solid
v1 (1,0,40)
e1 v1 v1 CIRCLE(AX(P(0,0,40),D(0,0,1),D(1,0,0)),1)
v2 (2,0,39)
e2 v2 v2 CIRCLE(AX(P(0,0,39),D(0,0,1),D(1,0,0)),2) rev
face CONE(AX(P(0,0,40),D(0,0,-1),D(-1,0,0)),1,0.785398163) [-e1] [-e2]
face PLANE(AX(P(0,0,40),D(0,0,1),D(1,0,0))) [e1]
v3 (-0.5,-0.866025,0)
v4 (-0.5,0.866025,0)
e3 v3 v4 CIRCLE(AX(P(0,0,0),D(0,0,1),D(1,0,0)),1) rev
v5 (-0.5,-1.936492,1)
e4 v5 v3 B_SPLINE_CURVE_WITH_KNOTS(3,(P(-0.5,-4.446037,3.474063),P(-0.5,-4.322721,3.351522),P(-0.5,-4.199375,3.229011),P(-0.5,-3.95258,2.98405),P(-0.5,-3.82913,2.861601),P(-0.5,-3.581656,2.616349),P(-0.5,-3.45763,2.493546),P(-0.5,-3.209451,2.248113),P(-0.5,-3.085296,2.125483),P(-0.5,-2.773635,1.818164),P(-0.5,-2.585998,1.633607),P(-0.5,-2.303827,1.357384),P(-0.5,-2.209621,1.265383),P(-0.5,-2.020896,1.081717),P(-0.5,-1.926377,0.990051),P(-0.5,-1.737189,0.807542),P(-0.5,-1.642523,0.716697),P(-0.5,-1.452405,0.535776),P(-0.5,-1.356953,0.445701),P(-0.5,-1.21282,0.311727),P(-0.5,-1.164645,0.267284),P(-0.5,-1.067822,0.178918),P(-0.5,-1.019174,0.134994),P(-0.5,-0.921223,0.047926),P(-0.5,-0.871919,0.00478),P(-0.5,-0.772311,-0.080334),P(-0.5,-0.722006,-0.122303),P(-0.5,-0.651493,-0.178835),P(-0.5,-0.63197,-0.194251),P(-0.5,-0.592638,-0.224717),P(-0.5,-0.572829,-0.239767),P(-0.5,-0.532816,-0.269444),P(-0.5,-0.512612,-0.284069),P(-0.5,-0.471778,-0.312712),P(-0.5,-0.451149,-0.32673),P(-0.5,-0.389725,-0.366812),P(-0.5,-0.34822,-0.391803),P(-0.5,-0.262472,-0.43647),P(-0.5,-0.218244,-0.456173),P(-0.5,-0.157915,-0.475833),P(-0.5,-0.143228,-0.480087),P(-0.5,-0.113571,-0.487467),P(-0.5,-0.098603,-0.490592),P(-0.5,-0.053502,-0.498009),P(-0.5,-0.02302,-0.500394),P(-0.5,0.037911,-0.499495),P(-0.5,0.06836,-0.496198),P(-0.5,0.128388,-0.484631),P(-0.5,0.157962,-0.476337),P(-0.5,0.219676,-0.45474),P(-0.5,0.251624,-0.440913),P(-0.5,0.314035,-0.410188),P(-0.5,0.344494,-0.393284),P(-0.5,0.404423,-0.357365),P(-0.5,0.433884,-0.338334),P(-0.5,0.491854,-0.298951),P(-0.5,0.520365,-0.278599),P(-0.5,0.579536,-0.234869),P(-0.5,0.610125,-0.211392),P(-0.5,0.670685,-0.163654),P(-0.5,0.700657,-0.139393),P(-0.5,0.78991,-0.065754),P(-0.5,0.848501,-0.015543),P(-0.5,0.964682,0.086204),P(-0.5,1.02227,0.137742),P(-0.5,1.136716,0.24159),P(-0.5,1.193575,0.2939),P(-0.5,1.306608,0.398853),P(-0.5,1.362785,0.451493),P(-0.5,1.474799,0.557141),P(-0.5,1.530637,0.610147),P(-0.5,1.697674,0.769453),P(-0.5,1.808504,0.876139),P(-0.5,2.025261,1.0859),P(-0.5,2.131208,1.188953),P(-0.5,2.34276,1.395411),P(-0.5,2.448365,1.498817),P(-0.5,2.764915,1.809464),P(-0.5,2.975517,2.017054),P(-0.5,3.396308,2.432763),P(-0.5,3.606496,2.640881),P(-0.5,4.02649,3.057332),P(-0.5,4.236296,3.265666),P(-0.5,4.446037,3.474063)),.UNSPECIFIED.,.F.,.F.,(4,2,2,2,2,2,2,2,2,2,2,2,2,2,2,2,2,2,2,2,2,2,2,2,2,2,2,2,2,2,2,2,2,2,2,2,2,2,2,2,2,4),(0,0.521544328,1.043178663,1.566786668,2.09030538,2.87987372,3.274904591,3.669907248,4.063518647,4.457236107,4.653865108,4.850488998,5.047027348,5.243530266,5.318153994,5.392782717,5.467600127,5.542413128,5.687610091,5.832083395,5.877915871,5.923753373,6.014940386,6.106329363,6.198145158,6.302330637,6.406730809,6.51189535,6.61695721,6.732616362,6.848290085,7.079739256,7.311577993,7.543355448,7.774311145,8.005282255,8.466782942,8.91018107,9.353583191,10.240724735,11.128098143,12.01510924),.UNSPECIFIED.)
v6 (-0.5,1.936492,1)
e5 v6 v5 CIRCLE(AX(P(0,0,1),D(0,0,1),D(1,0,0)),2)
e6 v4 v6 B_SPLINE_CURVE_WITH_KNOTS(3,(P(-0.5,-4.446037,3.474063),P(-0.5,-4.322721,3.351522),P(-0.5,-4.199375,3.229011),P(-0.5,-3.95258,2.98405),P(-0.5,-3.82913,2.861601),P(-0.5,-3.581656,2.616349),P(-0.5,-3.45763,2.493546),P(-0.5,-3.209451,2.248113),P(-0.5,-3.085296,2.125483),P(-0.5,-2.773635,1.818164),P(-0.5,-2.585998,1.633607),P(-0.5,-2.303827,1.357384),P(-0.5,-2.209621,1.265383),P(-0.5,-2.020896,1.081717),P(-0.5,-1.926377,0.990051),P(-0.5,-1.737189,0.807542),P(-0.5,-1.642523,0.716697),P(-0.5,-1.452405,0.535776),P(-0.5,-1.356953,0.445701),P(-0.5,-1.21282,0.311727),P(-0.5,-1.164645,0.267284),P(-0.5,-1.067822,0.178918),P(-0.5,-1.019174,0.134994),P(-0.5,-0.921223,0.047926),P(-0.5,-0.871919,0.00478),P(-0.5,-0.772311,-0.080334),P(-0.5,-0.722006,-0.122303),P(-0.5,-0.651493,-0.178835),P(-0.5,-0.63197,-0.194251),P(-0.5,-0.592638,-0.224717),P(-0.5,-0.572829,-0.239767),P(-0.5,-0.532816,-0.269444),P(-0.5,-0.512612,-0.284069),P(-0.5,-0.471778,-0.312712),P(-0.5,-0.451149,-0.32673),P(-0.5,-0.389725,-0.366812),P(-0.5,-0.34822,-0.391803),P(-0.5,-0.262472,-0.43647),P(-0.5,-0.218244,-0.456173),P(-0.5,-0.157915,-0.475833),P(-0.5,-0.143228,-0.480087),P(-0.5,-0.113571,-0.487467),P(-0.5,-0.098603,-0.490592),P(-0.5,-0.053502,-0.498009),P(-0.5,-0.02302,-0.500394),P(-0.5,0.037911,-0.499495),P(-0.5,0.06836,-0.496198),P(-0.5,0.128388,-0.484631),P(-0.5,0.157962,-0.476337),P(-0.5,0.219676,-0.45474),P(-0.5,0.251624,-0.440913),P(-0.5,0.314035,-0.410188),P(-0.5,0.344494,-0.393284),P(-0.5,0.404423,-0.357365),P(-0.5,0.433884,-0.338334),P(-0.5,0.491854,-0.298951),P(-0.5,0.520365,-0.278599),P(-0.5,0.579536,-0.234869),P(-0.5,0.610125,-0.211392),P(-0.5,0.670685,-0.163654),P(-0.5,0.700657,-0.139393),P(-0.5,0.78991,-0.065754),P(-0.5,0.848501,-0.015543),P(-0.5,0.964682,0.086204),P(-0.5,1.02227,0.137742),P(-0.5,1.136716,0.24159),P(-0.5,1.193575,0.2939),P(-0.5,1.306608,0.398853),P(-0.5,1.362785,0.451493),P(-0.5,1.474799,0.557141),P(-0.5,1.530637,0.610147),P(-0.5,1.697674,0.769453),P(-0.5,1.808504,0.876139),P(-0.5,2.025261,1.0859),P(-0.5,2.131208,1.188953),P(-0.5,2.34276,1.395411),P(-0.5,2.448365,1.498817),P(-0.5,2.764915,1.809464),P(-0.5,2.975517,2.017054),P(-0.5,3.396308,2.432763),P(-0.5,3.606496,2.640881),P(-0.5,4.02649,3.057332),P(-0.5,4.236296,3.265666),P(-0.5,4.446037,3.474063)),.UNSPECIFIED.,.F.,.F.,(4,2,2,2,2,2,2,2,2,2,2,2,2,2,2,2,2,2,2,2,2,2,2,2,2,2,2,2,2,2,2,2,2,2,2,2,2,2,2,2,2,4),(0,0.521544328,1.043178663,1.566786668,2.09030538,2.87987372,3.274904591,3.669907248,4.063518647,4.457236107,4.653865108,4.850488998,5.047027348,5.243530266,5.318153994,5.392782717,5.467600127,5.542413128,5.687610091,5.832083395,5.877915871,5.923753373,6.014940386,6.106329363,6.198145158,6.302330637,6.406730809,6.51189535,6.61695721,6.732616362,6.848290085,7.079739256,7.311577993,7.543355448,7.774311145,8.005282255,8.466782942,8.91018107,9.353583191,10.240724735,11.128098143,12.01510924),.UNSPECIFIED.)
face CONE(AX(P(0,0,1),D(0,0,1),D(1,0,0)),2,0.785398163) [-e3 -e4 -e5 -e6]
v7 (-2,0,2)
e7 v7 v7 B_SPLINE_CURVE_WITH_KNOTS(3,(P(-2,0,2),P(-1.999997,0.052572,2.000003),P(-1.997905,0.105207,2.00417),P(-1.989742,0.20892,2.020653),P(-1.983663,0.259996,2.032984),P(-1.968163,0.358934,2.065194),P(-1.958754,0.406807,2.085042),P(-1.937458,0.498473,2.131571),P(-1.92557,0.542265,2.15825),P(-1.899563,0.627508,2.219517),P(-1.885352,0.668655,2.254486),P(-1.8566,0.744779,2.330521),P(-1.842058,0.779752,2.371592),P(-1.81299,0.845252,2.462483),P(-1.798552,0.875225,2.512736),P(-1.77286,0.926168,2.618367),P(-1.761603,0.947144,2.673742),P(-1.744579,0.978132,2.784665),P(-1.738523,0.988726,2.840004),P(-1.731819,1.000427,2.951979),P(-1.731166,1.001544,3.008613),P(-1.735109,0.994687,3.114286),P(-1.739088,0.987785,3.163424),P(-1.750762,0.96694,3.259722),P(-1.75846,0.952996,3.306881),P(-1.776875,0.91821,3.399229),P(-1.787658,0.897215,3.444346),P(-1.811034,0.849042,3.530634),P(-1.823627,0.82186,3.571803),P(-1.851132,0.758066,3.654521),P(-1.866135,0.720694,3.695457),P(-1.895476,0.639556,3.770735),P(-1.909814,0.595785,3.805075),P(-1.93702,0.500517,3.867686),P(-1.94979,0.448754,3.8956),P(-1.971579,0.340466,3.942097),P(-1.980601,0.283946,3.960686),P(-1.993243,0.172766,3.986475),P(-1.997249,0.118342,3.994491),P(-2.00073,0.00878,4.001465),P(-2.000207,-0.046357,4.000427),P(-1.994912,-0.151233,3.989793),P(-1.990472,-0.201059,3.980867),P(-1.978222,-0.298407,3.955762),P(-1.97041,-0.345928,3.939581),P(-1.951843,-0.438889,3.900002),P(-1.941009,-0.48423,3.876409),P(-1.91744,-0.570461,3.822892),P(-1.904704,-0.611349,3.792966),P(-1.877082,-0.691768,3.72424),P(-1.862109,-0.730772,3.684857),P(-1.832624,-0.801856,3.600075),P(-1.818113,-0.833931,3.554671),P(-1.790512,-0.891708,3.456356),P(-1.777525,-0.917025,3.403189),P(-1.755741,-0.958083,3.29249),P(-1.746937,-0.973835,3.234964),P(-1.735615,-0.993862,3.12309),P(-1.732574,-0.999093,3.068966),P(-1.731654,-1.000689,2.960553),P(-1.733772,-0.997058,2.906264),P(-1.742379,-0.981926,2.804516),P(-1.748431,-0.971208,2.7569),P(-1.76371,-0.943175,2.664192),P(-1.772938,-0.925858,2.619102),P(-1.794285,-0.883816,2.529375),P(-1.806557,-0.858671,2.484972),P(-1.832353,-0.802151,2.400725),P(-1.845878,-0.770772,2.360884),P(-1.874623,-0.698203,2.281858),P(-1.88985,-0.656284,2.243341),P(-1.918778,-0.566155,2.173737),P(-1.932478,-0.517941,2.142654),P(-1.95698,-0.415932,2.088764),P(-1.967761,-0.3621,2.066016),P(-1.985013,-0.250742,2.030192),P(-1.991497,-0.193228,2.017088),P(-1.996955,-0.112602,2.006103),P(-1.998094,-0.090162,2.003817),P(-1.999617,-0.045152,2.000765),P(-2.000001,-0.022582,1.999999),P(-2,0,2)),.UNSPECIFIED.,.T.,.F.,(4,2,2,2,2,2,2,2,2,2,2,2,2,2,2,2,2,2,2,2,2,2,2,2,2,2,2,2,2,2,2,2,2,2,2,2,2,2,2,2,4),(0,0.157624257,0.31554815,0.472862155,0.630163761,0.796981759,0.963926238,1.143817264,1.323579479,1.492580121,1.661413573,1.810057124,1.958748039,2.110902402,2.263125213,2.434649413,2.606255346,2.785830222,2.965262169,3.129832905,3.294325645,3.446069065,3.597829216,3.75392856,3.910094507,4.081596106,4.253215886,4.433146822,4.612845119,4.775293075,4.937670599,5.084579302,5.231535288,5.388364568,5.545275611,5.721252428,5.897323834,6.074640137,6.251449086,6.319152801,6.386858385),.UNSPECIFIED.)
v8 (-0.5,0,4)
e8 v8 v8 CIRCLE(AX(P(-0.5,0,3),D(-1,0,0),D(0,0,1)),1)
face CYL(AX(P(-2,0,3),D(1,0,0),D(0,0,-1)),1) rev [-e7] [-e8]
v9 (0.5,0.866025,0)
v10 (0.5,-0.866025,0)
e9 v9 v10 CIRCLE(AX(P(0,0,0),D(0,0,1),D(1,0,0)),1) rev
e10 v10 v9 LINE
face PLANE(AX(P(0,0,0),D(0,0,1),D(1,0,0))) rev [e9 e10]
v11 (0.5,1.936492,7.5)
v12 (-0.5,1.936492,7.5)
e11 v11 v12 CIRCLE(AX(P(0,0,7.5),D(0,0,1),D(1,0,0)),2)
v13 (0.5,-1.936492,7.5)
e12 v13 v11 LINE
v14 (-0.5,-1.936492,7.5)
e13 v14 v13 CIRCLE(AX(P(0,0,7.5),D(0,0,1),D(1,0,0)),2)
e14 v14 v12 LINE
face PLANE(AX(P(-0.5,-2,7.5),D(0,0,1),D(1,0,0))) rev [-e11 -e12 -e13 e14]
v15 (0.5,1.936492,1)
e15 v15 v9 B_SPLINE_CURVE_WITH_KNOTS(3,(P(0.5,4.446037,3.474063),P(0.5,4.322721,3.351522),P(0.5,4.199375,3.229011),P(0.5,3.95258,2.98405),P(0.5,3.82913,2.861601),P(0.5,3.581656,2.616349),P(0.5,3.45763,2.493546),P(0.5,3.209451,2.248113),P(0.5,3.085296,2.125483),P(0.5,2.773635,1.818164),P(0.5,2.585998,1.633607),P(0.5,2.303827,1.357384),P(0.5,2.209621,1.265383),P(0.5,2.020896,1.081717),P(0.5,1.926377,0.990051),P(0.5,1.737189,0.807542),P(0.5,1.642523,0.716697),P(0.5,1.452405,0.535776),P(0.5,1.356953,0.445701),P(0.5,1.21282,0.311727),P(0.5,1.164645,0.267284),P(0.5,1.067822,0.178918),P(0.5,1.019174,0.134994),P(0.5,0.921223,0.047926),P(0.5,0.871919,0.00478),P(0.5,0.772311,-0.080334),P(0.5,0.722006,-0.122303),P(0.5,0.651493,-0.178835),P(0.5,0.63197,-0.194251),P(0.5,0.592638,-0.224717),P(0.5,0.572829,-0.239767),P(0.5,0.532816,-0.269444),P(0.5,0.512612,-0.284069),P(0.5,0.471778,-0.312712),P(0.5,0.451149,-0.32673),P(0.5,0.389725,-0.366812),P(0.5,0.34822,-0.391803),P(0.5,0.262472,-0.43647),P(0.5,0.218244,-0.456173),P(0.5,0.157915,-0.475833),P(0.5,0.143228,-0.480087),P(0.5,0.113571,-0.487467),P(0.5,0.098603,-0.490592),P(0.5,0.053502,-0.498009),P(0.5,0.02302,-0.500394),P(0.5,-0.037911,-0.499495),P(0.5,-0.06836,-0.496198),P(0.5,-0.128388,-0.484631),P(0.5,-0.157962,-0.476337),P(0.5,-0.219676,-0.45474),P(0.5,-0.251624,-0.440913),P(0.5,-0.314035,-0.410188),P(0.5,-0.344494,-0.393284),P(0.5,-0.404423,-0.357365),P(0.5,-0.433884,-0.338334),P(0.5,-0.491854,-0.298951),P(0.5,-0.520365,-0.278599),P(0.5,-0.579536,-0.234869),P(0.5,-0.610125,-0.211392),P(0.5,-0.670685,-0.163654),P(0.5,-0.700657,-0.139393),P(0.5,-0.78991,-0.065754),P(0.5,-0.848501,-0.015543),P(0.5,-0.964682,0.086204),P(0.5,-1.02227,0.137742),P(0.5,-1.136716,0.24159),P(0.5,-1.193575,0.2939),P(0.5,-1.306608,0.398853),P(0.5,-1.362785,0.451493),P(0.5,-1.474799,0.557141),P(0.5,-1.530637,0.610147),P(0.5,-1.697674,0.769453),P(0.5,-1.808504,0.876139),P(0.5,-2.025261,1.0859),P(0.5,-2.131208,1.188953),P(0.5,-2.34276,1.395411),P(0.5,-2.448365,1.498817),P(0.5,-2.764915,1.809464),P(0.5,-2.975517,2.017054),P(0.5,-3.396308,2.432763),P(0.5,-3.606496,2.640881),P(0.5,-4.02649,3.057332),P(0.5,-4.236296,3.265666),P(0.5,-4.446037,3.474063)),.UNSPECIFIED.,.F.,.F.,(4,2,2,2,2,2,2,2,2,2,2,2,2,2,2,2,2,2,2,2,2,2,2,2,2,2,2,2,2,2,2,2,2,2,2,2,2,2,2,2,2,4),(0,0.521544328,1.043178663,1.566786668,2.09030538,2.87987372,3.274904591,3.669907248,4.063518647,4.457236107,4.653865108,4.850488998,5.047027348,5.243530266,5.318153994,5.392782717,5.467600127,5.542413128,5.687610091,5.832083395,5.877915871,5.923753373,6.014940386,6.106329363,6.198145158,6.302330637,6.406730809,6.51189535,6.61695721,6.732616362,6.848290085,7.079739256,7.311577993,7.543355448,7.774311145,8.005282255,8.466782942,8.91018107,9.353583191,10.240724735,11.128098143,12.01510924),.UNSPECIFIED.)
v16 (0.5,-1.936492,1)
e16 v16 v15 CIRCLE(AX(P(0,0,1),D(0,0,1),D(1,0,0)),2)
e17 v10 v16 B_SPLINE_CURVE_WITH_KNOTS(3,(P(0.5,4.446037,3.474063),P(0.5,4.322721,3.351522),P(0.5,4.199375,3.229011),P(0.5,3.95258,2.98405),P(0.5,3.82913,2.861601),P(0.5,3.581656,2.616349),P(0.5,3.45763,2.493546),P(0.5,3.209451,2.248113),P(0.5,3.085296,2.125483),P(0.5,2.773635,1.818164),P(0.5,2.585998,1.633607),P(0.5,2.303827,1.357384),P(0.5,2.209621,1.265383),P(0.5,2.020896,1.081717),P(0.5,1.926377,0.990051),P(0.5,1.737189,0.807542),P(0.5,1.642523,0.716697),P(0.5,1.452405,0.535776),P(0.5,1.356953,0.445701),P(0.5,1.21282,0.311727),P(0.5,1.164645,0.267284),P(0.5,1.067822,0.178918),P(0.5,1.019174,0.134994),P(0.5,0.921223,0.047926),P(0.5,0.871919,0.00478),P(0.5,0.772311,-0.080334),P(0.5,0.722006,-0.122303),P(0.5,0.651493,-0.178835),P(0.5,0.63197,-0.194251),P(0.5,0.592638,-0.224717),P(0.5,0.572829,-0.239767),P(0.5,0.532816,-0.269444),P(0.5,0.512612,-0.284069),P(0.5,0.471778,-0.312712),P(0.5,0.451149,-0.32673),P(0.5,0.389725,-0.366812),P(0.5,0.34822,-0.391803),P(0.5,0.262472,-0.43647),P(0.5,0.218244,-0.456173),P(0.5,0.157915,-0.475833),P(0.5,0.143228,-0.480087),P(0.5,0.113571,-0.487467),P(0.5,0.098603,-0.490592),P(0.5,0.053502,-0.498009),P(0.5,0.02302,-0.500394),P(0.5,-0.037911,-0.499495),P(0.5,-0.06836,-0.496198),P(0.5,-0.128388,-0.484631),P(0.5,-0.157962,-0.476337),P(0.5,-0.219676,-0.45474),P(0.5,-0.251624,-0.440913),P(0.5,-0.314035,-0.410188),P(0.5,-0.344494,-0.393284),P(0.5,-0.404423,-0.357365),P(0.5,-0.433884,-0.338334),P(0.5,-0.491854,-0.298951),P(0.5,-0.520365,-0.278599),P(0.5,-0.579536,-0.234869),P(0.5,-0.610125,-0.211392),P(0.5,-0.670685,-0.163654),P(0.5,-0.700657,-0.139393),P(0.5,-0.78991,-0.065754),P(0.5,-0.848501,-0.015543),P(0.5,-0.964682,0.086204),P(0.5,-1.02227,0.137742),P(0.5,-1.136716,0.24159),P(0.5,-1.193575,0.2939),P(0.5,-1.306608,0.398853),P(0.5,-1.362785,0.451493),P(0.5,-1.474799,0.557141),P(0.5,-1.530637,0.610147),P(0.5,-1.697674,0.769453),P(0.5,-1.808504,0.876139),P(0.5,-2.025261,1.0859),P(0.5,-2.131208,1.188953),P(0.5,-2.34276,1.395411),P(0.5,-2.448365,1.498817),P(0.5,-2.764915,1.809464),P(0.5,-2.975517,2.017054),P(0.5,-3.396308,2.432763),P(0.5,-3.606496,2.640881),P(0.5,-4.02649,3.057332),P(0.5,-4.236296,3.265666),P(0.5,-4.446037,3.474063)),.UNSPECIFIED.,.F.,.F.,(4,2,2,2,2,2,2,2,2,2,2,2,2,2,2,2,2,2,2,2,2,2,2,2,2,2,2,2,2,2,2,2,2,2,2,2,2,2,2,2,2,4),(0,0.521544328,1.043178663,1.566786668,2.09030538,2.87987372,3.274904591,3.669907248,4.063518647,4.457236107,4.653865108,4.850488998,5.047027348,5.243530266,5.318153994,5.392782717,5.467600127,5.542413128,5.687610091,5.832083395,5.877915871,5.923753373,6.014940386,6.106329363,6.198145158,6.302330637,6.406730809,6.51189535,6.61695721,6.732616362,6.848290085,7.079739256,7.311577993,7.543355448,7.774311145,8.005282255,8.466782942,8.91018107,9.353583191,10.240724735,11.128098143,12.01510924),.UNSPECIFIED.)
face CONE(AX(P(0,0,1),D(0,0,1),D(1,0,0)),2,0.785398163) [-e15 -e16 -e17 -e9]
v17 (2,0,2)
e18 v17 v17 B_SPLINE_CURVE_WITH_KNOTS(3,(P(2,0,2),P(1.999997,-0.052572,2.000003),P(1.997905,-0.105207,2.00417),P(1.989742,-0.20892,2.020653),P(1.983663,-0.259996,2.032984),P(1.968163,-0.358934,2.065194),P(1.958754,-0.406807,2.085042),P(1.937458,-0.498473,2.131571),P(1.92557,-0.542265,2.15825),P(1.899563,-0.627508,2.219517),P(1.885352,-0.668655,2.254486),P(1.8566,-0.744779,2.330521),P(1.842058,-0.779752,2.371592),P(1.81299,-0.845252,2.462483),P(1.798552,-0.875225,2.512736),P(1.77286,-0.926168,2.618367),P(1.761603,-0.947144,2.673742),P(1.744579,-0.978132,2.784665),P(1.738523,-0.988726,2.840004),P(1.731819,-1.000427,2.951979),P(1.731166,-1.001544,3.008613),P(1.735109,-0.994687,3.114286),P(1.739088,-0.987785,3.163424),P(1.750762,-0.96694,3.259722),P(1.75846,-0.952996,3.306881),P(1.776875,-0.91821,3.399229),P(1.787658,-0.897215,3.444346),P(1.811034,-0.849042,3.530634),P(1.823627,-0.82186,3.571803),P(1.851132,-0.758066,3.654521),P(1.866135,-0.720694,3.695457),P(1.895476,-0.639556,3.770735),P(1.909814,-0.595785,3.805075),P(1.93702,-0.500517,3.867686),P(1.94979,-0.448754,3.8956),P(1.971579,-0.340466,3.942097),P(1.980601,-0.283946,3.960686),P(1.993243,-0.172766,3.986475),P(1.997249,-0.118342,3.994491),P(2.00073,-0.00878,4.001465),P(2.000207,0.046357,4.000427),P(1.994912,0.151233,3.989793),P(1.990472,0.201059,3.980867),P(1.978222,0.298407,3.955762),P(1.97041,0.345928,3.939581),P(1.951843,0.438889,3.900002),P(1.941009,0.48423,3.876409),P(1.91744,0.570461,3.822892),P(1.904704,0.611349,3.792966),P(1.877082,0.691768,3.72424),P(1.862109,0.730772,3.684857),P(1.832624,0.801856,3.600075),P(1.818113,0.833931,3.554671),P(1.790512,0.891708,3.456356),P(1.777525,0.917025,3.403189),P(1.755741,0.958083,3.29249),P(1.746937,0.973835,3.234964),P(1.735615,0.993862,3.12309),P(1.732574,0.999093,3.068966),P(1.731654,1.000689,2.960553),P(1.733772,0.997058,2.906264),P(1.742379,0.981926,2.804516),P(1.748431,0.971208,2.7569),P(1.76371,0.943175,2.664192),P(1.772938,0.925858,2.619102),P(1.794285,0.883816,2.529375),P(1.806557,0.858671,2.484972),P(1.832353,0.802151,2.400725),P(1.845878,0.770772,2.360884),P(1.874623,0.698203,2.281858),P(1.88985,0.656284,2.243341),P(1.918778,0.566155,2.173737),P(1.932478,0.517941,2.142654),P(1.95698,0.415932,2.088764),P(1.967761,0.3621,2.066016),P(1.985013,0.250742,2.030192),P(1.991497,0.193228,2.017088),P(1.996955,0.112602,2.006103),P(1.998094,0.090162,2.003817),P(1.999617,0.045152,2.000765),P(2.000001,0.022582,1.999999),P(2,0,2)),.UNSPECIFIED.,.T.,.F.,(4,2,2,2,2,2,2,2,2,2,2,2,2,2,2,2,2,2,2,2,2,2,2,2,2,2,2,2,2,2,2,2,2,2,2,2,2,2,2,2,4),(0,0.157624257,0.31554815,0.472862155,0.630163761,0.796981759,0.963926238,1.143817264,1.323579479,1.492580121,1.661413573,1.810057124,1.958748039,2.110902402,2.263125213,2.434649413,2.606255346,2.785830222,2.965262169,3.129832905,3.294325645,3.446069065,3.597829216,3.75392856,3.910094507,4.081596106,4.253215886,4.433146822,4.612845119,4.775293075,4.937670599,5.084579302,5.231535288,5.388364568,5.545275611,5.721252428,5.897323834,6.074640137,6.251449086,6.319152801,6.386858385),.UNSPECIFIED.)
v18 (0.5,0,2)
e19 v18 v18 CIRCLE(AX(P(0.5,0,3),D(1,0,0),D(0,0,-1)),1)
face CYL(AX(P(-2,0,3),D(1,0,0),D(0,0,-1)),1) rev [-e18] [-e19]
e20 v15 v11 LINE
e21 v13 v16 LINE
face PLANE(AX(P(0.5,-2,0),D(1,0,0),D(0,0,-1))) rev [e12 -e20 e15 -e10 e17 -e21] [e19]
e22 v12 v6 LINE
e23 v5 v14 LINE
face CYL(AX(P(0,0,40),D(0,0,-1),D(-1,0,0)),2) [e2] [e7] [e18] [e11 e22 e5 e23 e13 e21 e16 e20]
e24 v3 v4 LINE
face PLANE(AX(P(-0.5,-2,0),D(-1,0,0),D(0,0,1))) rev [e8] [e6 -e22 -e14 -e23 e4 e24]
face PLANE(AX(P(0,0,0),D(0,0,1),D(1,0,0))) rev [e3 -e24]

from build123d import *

# Parameters (mm, degrees)
SKETCH_1_R                 = 2
EXTRUDE_338_DEPTH          = 40
CHAMFER_1_SIZE             = 1
CUT_EXTRUDE_518_DEPTH      = 41.099875312
CUT_EXTRUDE_518_DEPTH_BACK = 41.099875312
SKETCH_2_W                 = 1
SKETCH_2_H                 = 7.5
CUT_EXTRUDE_2_DEPTH        = 41.099875312
CUT_EXTRUDE_2_DEPTH_BACK   = 41.099875312
SKETCH_3_R                 = 1


with BuildPart() as part:
    # Эскиз1 → Extrude 338 (new body)
    with BuildSketch(Plane.XY):
        Circle(SKETCH_1_R)
    extrude(amount=EXTRUDE_338_DEPTH)

    # Фаска1
    chamfer_1_edges = [part.edges().sort_by_distance(p)[0] for p in [
        (-2, 0, 0),
        (-2, 0, 40),
    ]]
    chamfer(chamfer_1_edges, length=CHAMFER_1_SIZE)

    # Эскиз2 → Cut-Extrude 518 (cut, two sides: drawn at the far end of the back side and taken through both)
    with BuildSketch(Plane(origin=(0, 0, 0), x_dir=(1, 0, 0), z_dir=(0, 1, 0)).offset(-CUT_EXTRUDE_518_DEPTH_BACK)):
        with Locations((0, -3.75)):
            Rectangle(SKETCH_2_W, SKETCH_2_H)
    extrude(amount=CUT_EXTRUDE_518_DEPTH + CUT_EXTRUDE_518_DEPTH_BACK, mode=Mode.SUBTRACT)

    # Эскиз3 → Вырез-Вытянуть2 (cut, two sides: drawn at the far end of the back side and taken through both)
    with BuildSketch(Plane(origin=(0, 0, 0), x_dir=(0, 0, -1), z_dir=(1, 0, 0)).offset(-CUT_EXTRUDE_2_DEPTH_BACK)):
        with Locations((-3, 0)):
            Circle(SKETCH_3_R)
    extrude(amount=CUT_EXTRUDE_2_DEPTH + CUT_EXTRUDE_2_DEPTH_BACK, mode=Mode.SUBTRACT)


solid = part.part
